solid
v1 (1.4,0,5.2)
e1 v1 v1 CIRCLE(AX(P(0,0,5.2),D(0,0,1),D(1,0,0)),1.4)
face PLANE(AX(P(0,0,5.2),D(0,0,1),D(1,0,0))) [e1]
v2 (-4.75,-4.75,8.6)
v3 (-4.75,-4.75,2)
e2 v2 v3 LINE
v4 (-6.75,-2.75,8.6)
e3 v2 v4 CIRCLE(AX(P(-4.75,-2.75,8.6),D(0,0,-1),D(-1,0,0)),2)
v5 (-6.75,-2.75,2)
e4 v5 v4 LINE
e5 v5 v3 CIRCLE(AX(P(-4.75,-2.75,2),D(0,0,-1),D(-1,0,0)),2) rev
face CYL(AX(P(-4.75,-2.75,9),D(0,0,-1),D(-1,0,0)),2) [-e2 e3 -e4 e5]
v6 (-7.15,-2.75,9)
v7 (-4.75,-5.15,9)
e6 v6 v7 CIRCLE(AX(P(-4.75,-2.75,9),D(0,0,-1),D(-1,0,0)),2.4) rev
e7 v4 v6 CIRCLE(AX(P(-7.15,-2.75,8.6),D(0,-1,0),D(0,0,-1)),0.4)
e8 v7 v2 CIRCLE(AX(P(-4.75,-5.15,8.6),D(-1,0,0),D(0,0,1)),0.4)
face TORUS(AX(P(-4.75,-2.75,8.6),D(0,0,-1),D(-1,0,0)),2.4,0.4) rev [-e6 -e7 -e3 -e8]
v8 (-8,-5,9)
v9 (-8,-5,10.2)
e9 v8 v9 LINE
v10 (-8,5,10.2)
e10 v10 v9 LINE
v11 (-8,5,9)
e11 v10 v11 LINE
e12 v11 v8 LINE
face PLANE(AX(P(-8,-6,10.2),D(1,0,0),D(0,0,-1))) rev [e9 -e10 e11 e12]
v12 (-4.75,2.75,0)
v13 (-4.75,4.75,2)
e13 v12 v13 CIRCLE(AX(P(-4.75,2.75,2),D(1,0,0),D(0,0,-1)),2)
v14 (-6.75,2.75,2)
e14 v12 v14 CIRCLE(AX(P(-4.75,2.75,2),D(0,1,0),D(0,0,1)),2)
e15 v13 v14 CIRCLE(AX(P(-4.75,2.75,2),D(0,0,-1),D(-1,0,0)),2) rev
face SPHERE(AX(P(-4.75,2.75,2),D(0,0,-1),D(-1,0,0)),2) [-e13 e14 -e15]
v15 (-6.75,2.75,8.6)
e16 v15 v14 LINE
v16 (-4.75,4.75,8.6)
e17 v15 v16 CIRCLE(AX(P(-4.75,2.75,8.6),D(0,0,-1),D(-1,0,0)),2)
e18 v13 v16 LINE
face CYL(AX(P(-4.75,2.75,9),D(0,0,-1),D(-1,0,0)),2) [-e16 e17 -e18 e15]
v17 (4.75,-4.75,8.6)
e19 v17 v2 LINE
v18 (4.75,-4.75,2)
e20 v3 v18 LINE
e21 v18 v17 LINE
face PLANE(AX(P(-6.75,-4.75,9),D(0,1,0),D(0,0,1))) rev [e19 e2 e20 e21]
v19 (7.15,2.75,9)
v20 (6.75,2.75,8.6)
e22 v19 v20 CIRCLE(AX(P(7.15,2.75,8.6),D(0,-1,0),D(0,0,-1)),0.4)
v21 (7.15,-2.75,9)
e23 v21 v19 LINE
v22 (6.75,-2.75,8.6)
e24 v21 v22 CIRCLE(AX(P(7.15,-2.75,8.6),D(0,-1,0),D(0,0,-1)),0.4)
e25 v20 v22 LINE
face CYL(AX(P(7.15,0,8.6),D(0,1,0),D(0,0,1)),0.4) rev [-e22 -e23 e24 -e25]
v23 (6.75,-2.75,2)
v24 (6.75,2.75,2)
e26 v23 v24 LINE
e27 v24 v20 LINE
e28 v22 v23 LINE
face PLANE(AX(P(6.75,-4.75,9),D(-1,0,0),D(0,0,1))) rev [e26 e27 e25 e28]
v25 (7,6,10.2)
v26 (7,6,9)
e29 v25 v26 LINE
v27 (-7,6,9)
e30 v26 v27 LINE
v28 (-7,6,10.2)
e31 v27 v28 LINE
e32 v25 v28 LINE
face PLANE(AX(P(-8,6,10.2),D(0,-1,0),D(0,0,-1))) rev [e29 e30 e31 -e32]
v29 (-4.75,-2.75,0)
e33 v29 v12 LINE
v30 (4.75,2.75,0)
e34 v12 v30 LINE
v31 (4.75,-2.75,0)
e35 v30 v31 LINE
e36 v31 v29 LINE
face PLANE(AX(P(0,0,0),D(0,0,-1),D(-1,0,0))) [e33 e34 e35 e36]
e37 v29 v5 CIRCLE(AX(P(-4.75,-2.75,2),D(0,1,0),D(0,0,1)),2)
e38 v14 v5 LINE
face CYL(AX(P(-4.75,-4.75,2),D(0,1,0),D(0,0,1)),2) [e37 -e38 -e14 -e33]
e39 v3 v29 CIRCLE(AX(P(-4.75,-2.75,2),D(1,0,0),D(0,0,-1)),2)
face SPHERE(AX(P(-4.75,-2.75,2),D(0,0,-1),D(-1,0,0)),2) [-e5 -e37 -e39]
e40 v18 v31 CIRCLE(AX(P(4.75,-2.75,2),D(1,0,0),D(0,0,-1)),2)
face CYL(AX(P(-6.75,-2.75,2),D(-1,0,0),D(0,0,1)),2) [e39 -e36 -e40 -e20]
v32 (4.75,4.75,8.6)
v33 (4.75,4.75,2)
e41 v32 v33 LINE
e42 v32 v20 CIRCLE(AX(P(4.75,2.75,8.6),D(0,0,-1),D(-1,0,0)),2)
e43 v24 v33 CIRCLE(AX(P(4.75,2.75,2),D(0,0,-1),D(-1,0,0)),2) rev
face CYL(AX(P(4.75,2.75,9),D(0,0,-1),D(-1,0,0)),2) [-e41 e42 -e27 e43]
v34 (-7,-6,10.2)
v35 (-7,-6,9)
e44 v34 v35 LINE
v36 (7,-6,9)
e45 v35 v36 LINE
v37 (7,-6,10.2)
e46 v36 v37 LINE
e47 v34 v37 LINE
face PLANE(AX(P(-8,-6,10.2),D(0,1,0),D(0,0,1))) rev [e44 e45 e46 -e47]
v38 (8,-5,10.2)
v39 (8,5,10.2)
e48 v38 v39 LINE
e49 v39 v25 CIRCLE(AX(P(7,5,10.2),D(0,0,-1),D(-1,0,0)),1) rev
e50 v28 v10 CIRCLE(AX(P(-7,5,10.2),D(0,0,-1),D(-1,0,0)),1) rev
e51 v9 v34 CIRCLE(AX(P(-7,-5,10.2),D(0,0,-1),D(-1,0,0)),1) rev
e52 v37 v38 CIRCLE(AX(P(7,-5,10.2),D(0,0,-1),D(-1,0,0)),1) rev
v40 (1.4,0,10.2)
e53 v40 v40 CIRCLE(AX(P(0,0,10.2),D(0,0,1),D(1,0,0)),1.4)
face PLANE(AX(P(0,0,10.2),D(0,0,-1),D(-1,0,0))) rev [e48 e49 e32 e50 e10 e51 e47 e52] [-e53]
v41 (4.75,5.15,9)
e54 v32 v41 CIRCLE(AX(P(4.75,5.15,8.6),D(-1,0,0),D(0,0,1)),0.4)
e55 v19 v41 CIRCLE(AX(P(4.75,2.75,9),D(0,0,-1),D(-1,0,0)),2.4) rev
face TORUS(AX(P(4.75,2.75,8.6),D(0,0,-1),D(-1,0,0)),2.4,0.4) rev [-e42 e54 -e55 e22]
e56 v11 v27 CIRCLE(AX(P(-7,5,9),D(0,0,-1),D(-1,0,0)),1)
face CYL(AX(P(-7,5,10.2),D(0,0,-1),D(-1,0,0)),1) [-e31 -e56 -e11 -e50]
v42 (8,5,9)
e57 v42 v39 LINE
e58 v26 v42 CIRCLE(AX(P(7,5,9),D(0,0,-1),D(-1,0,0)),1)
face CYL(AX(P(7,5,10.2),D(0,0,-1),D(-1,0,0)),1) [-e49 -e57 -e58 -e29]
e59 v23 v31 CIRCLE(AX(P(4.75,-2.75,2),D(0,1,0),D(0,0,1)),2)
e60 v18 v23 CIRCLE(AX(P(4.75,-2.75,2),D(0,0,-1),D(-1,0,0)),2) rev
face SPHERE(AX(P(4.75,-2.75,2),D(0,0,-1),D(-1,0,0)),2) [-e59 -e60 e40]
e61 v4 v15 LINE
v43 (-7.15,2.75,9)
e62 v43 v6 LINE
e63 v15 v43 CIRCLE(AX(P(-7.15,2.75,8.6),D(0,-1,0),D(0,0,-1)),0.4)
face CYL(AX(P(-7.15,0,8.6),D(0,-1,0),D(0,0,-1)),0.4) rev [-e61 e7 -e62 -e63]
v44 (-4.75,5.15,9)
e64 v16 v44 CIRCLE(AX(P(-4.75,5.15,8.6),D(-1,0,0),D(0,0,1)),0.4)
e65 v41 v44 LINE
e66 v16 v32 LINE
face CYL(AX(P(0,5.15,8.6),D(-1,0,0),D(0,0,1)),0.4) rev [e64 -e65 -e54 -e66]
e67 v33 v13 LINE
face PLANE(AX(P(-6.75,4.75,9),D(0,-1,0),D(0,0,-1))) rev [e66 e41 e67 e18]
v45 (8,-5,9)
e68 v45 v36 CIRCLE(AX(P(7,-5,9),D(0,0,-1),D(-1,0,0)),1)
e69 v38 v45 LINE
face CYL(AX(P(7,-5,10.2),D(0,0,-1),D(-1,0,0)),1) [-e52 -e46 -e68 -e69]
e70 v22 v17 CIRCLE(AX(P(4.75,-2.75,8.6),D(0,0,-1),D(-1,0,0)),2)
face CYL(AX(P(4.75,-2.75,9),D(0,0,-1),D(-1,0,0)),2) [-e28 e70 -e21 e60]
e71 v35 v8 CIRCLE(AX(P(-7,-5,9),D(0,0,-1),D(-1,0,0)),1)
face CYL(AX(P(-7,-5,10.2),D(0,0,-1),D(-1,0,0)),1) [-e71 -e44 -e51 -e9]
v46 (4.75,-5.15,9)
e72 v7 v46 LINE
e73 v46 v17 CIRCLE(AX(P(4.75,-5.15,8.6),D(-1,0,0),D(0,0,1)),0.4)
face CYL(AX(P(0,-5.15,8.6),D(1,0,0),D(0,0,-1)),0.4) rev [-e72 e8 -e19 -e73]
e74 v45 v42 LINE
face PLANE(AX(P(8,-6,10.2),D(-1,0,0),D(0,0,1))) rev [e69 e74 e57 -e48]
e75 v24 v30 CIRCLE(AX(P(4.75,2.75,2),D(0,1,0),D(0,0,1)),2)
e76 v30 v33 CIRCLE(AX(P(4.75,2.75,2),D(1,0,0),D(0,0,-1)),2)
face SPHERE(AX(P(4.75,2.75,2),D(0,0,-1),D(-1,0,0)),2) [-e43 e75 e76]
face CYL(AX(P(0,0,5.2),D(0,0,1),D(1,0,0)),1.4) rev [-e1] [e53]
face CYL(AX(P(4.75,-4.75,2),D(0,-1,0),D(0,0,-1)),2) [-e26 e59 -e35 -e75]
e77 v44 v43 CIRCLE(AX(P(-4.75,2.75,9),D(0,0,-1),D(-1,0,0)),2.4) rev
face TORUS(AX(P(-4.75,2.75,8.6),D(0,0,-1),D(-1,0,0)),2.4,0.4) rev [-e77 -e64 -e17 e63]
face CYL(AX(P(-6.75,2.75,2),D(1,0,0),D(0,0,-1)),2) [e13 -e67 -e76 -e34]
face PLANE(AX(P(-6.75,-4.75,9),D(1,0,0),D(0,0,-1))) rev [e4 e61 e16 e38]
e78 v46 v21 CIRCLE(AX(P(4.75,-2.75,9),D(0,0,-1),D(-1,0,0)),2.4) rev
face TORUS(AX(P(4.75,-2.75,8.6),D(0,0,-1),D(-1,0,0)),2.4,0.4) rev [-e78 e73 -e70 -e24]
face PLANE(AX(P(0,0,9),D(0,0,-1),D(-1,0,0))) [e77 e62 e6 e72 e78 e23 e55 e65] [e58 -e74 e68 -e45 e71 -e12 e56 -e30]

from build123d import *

# Parameters (mm, degrees)
SKETCH1_W           = 13.5
SKETCH1_H           = 9.5
BOSS_EXTRUDE1_DEPTH = 9
SKETCH2_W           = 16
SKETCH2_H           = 12
BOSS_EXTRUDE2_DEPTH = 1.2
SKETCH3_R           = 1.4
CUT_EXTRUDE1_DEPTH  = 5
FILLET1_R           = 2
FILLET2_R           = 2
FILLET3_R           = 0.4
FILLET4_R           = 1


with BuildPart() as part:
    # Sketch1 → Boss-Extrude1 (new body)
    with BuildSketch(Plane.XY):
        Rectangle(SKETCH1_W, SKETCH1_H)
    extrude(amount=BOSS_EXTRUDE1_DEPTH)

    # Sketch2 → Boss-Extrude2 (add)
    with BuildSketch(Plane.XY.offset(9)):
        Rectangle(SKETCH2_W, SKETCH2_H)
    extrude(amount=BOSS_EXTRUDE2_DEPTH)

    # Sketch3 → Cut-Extrude1 (cut)
    with BuildSketch(Plane.XY.offset(10.2)):
        Circle(SKETCH3_R)
    extrude(amount=-CUT_EXTRUDE1_DEPTH, mode=Mode.SUBTRACT)

    # Fillet1
    fillet1_edges = [part.edges().sort_by_distance(p)[0] for p in [
        (6.75, -4.75, 4.5),
        (-6.75, -4.75, 4.5),
        (-6.75, 4.75, 4.5),
        (6.75, 4.75, 4.5),
    ]]
    fillet(fillet1_edges, radius=FILLET1_R)

    # Fillet2
    fillet2_edges = [part.edges().sort_by_distance(p)[0] for p in [
        (0, -4.75, 0),
        (6.75, 0, 0),
        (-6.75, 0, 0),
        (0, 4.75, 0),
        (-6.164213562, 4.164213562, 0),
        (6.164213562, 4.164213562, 0),
        (6.164213562, -4.164213562, 0),
        (-6.164213562, -4.164213562, 0),
    ]]
    fillet(fillet2_edges, radius=FILLET2_R)

    # Fillet3
    fillet3_edges = [part.edges().sort_by_distance(p)[0] for p in [
        (0, -4.75, 9),
        (-6.75, 0, 9),
        (6.75, 0, 9),
        (0, 4.75, 9),
        (-6.164213562, -4.164213562, 9),
        (6.164213562, -4.164213562, 9),
        (6.164213562, 4.164213562, 9),
        (-6.164213562, 4.164213562, 9),
    ]]
    fillet(fillet3_edges, radius=FILLET3_R)

    # Fillet4
    fillet4_edges = [part.edges().sort_by_distance(p)[0] for p in [
        (8, -6, 9.6),
        (8, 6, 9.6),
        (-8, 6, 9.6),
        (-8, -6, 9.6),
    ]]
    fillet(fillet4_edges, radius=FILLET4_R)


solid = part.part
